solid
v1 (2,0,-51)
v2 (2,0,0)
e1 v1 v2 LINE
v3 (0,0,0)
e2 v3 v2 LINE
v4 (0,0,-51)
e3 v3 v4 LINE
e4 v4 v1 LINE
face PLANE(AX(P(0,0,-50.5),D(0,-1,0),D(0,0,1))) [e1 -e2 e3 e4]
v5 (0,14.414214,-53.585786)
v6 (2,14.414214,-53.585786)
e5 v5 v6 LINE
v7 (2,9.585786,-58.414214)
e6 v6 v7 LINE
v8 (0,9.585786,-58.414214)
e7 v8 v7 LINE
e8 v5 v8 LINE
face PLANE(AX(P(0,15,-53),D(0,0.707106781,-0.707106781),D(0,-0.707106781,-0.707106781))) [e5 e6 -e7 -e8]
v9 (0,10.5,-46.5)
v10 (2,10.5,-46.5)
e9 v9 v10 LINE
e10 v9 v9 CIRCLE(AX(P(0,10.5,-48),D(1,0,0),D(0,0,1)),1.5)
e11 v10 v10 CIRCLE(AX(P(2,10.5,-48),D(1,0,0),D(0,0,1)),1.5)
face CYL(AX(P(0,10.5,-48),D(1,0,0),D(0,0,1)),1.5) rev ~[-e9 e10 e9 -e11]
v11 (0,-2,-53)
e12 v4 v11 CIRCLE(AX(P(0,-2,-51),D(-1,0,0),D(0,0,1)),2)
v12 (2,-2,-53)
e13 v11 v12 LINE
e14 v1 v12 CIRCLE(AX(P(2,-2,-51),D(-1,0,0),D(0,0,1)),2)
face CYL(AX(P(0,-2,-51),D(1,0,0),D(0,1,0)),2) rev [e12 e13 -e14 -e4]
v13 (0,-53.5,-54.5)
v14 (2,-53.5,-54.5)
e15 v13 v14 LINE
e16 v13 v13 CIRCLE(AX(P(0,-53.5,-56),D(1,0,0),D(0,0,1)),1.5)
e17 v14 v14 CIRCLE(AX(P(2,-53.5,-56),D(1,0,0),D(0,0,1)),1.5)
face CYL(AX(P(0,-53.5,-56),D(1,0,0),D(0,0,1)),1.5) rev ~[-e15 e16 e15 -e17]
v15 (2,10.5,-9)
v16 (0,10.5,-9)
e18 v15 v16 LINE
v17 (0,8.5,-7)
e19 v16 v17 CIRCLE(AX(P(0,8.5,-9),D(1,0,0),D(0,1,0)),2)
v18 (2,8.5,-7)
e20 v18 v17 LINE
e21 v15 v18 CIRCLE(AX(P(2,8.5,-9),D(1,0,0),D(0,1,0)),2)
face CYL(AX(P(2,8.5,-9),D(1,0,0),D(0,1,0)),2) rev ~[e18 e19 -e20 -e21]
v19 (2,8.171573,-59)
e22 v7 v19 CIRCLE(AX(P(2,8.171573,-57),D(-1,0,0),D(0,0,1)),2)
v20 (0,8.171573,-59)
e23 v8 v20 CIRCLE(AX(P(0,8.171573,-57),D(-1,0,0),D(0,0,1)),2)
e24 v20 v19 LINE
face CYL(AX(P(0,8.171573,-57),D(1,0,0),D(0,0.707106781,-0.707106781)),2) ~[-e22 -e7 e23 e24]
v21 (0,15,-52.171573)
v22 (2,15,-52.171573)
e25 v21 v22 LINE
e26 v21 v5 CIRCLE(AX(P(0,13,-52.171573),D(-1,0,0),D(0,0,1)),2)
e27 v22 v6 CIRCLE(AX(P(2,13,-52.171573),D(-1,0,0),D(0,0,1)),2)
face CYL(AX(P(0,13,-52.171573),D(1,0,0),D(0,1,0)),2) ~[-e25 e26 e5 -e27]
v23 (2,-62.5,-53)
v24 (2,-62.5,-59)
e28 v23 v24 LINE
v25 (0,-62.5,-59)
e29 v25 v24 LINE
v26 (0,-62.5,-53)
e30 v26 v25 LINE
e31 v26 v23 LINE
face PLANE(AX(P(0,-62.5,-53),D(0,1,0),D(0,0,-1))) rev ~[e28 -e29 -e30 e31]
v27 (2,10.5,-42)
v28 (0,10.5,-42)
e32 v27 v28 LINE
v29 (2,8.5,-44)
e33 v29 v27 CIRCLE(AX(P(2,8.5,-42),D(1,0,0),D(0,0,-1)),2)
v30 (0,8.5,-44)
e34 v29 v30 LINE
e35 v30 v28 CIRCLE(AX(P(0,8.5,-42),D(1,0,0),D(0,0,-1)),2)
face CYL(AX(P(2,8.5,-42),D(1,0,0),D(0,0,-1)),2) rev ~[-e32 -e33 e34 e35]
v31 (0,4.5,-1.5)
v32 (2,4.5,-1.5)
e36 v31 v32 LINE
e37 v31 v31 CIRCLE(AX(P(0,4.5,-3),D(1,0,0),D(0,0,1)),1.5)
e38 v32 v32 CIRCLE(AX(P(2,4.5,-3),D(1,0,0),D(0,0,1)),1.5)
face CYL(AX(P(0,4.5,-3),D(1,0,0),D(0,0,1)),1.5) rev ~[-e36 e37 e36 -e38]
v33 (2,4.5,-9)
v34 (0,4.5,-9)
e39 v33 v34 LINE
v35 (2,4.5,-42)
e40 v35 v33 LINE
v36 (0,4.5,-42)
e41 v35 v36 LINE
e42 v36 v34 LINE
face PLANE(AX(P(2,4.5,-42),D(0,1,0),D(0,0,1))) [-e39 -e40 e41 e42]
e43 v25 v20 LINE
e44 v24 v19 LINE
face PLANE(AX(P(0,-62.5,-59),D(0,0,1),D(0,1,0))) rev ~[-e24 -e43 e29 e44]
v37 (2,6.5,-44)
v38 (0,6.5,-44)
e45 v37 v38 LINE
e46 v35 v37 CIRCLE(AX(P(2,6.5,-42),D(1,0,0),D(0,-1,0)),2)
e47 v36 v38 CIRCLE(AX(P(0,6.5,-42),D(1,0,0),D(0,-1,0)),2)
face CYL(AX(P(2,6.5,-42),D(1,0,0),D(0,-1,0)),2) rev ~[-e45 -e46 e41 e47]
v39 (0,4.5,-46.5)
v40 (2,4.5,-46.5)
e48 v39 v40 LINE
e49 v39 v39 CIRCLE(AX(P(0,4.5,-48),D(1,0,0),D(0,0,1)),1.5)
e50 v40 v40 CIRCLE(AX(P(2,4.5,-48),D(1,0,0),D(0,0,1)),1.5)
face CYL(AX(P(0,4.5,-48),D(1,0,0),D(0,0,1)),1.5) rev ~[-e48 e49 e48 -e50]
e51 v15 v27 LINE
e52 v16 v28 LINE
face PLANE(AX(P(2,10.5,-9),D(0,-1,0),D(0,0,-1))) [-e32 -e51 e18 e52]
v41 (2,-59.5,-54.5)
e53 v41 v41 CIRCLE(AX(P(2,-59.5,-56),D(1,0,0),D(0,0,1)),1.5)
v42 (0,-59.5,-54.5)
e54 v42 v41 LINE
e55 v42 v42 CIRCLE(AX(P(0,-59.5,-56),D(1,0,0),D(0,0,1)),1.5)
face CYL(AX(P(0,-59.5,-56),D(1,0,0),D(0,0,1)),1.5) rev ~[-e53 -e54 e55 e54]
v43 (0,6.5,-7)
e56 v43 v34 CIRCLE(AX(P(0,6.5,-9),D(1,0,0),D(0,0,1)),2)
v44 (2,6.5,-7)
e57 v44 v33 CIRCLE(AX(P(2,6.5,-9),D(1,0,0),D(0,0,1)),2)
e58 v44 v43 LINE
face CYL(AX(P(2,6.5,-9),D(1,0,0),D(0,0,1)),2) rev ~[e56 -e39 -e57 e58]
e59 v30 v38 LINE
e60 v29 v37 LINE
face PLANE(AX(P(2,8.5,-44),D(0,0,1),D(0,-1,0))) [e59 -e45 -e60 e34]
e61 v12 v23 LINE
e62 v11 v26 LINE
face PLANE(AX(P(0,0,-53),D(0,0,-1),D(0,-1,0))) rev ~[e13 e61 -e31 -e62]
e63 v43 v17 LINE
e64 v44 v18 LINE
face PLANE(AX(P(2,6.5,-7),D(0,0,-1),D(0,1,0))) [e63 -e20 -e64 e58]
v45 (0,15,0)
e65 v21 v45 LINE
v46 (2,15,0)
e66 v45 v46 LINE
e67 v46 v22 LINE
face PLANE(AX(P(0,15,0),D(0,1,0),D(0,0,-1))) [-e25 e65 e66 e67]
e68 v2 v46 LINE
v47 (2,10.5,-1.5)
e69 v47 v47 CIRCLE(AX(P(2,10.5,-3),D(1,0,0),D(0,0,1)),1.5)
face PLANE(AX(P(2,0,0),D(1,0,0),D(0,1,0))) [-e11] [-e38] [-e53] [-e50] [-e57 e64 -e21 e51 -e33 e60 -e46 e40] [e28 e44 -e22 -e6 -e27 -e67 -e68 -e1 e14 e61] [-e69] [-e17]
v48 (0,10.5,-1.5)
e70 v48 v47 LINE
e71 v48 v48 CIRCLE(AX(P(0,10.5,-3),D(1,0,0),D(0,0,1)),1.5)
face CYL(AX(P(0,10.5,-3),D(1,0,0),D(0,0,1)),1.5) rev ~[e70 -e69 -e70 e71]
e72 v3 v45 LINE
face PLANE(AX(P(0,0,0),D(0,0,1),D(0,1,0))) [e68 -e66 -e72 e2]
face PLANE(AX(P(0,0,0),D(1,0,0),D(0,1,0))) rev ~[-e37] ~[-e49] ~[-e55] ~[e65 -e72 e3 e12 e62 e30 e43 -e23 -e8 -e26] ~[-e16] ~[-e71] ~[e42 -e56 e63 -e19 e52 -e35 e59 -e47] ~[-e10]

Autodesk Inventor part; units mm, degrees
ref_plane "YZ Plane" through (0, 0, 0) normal (1, 0, 0) x (0, 1, 0)
ref_plane "XZ Plane" through (0, 0, 0) normal (0, 1, 0) x (-1, 0, 0)
ref_plane "XY Plane" through (0, 0, 0) normal (0, 0, 1) x (1, 0, 0)
sketch "スケッチ1" plane through (0, 0, 0) normal (1, 0, 0) x (0, 1, 0)
  line L0 (0, 0) -> (15, 0)
  line L1 (15, 0) -> (15, -53)
  line L2 (15, -53) -> (0, -53)
  line L3 (0, -53) -> (0, 0)
  line L4 (9, -53) -> (-62.5, -53)
  line L5 (-62.5, -53) -> (-62.5, -59)
  line L6 (-62.5, -59) -> (9, -59)
  line L7 (9, -59) -> (9, -53)
  line L8 (15, -53) -> (9, -59)
  line L9 (0, -53) -> (0, -53)
  line L10 (10.5, -3) -> (4.5, -3)
  line L11 (4.5, -3) -> (4.5, -48)
  line L12 (4.5, -48) -> (10.5, -48)
  line L13 (10.5, -48) -> (10.5, -3)
  line L14 (15, -50.5) -> (0, -50.5)
  point P0 (7.5, 0)
  point P1 (7.5, -3)
  point P2 (-53.5, -56)
  point P3 (-59.5, -56)
  point P4 (-62.5, -56)
  dimension "d0" = 53
  dimension "d4" = 6
  dimension "d5" = 3
  dimension "d6" = 5
  dimension "d22" = 4.5
  dimension "d23" = 6
  dimension "d24" = 6
  dimension "d25" = 3
  dimension "d26" = 73
  dimension "d27" = 2.5
  dimension "d28" = 2.5
  dimension "d29" = 135
extrude "押し出し1" add sketch "スケッチ1" along normal blind 2 contours L0 L1 L14 L3 | L14 L1 L2 L3 | L2 L7 L6 L5 L4 | L8 L7 L2 | L13 L12 L11 L10
hole "穴1" at (0, 10.5, -3) at (0, 4.5, -3) at (0, 10.5, -48) at (0, 4.5, -48) at (0, -53.5, -56) at (0, -59.5, -56) direction (1, 0, 0) diameter 3 depth 8.8
sketch "スケッチ2" plane through (2, 0, 0) normal (1, 0, 0) x (0, 0, -1)
  line L0 (9, 10.5) -> (42, 10.5)
  line L1 (44, 8.5) -> (44, 6.5)
  line L2 (42, 4.5) -> (9, 4.5)
  line L3 (7, 6.5) -> (7, 8.5)
  line L4 (0, 15) -> (0, 0) projected
  circle A0 centre (3, 10.5) radius 1.5 projected
  circle A1 centre (48, 10.5) radius 1.5 projected
  arc A2 (9, 10.5) -> (7, 8.5) centre (9, 8.5) ccw
  arc A3 (7, 6.5) -> (9, 4.5) centre (9, 6.5) ccw
  arc A4 (42, 4.5) -> (44, 6.5) centre (42, 6.5) ccw
  arc A5 (44, 8.5) -> (42, 10.5) centre (42, 8.5) ccw
  point P0 (44, 10.5)
  point P1 (7, 7.5)
  point P2 (0, 7.5)
  dimension "d16" = 4
  dimension "d17" = 4
  dimension "d18" = 2
extrude "押し出し2" cut sketch "スケッチ2" against normal blind 2 contours L0 A5 L1 A4 L2 A3 L3 A2
fillet "フィレット1" radius 2 1 edges at (1, 15, -53)
fillet "フィレット2" radius 2 2 edges at (1, 9, -59) (1, 0, -53)
equation "\"d1\" = 1"
properties part number "Plate_Support" material "アルミニウム 6061"
